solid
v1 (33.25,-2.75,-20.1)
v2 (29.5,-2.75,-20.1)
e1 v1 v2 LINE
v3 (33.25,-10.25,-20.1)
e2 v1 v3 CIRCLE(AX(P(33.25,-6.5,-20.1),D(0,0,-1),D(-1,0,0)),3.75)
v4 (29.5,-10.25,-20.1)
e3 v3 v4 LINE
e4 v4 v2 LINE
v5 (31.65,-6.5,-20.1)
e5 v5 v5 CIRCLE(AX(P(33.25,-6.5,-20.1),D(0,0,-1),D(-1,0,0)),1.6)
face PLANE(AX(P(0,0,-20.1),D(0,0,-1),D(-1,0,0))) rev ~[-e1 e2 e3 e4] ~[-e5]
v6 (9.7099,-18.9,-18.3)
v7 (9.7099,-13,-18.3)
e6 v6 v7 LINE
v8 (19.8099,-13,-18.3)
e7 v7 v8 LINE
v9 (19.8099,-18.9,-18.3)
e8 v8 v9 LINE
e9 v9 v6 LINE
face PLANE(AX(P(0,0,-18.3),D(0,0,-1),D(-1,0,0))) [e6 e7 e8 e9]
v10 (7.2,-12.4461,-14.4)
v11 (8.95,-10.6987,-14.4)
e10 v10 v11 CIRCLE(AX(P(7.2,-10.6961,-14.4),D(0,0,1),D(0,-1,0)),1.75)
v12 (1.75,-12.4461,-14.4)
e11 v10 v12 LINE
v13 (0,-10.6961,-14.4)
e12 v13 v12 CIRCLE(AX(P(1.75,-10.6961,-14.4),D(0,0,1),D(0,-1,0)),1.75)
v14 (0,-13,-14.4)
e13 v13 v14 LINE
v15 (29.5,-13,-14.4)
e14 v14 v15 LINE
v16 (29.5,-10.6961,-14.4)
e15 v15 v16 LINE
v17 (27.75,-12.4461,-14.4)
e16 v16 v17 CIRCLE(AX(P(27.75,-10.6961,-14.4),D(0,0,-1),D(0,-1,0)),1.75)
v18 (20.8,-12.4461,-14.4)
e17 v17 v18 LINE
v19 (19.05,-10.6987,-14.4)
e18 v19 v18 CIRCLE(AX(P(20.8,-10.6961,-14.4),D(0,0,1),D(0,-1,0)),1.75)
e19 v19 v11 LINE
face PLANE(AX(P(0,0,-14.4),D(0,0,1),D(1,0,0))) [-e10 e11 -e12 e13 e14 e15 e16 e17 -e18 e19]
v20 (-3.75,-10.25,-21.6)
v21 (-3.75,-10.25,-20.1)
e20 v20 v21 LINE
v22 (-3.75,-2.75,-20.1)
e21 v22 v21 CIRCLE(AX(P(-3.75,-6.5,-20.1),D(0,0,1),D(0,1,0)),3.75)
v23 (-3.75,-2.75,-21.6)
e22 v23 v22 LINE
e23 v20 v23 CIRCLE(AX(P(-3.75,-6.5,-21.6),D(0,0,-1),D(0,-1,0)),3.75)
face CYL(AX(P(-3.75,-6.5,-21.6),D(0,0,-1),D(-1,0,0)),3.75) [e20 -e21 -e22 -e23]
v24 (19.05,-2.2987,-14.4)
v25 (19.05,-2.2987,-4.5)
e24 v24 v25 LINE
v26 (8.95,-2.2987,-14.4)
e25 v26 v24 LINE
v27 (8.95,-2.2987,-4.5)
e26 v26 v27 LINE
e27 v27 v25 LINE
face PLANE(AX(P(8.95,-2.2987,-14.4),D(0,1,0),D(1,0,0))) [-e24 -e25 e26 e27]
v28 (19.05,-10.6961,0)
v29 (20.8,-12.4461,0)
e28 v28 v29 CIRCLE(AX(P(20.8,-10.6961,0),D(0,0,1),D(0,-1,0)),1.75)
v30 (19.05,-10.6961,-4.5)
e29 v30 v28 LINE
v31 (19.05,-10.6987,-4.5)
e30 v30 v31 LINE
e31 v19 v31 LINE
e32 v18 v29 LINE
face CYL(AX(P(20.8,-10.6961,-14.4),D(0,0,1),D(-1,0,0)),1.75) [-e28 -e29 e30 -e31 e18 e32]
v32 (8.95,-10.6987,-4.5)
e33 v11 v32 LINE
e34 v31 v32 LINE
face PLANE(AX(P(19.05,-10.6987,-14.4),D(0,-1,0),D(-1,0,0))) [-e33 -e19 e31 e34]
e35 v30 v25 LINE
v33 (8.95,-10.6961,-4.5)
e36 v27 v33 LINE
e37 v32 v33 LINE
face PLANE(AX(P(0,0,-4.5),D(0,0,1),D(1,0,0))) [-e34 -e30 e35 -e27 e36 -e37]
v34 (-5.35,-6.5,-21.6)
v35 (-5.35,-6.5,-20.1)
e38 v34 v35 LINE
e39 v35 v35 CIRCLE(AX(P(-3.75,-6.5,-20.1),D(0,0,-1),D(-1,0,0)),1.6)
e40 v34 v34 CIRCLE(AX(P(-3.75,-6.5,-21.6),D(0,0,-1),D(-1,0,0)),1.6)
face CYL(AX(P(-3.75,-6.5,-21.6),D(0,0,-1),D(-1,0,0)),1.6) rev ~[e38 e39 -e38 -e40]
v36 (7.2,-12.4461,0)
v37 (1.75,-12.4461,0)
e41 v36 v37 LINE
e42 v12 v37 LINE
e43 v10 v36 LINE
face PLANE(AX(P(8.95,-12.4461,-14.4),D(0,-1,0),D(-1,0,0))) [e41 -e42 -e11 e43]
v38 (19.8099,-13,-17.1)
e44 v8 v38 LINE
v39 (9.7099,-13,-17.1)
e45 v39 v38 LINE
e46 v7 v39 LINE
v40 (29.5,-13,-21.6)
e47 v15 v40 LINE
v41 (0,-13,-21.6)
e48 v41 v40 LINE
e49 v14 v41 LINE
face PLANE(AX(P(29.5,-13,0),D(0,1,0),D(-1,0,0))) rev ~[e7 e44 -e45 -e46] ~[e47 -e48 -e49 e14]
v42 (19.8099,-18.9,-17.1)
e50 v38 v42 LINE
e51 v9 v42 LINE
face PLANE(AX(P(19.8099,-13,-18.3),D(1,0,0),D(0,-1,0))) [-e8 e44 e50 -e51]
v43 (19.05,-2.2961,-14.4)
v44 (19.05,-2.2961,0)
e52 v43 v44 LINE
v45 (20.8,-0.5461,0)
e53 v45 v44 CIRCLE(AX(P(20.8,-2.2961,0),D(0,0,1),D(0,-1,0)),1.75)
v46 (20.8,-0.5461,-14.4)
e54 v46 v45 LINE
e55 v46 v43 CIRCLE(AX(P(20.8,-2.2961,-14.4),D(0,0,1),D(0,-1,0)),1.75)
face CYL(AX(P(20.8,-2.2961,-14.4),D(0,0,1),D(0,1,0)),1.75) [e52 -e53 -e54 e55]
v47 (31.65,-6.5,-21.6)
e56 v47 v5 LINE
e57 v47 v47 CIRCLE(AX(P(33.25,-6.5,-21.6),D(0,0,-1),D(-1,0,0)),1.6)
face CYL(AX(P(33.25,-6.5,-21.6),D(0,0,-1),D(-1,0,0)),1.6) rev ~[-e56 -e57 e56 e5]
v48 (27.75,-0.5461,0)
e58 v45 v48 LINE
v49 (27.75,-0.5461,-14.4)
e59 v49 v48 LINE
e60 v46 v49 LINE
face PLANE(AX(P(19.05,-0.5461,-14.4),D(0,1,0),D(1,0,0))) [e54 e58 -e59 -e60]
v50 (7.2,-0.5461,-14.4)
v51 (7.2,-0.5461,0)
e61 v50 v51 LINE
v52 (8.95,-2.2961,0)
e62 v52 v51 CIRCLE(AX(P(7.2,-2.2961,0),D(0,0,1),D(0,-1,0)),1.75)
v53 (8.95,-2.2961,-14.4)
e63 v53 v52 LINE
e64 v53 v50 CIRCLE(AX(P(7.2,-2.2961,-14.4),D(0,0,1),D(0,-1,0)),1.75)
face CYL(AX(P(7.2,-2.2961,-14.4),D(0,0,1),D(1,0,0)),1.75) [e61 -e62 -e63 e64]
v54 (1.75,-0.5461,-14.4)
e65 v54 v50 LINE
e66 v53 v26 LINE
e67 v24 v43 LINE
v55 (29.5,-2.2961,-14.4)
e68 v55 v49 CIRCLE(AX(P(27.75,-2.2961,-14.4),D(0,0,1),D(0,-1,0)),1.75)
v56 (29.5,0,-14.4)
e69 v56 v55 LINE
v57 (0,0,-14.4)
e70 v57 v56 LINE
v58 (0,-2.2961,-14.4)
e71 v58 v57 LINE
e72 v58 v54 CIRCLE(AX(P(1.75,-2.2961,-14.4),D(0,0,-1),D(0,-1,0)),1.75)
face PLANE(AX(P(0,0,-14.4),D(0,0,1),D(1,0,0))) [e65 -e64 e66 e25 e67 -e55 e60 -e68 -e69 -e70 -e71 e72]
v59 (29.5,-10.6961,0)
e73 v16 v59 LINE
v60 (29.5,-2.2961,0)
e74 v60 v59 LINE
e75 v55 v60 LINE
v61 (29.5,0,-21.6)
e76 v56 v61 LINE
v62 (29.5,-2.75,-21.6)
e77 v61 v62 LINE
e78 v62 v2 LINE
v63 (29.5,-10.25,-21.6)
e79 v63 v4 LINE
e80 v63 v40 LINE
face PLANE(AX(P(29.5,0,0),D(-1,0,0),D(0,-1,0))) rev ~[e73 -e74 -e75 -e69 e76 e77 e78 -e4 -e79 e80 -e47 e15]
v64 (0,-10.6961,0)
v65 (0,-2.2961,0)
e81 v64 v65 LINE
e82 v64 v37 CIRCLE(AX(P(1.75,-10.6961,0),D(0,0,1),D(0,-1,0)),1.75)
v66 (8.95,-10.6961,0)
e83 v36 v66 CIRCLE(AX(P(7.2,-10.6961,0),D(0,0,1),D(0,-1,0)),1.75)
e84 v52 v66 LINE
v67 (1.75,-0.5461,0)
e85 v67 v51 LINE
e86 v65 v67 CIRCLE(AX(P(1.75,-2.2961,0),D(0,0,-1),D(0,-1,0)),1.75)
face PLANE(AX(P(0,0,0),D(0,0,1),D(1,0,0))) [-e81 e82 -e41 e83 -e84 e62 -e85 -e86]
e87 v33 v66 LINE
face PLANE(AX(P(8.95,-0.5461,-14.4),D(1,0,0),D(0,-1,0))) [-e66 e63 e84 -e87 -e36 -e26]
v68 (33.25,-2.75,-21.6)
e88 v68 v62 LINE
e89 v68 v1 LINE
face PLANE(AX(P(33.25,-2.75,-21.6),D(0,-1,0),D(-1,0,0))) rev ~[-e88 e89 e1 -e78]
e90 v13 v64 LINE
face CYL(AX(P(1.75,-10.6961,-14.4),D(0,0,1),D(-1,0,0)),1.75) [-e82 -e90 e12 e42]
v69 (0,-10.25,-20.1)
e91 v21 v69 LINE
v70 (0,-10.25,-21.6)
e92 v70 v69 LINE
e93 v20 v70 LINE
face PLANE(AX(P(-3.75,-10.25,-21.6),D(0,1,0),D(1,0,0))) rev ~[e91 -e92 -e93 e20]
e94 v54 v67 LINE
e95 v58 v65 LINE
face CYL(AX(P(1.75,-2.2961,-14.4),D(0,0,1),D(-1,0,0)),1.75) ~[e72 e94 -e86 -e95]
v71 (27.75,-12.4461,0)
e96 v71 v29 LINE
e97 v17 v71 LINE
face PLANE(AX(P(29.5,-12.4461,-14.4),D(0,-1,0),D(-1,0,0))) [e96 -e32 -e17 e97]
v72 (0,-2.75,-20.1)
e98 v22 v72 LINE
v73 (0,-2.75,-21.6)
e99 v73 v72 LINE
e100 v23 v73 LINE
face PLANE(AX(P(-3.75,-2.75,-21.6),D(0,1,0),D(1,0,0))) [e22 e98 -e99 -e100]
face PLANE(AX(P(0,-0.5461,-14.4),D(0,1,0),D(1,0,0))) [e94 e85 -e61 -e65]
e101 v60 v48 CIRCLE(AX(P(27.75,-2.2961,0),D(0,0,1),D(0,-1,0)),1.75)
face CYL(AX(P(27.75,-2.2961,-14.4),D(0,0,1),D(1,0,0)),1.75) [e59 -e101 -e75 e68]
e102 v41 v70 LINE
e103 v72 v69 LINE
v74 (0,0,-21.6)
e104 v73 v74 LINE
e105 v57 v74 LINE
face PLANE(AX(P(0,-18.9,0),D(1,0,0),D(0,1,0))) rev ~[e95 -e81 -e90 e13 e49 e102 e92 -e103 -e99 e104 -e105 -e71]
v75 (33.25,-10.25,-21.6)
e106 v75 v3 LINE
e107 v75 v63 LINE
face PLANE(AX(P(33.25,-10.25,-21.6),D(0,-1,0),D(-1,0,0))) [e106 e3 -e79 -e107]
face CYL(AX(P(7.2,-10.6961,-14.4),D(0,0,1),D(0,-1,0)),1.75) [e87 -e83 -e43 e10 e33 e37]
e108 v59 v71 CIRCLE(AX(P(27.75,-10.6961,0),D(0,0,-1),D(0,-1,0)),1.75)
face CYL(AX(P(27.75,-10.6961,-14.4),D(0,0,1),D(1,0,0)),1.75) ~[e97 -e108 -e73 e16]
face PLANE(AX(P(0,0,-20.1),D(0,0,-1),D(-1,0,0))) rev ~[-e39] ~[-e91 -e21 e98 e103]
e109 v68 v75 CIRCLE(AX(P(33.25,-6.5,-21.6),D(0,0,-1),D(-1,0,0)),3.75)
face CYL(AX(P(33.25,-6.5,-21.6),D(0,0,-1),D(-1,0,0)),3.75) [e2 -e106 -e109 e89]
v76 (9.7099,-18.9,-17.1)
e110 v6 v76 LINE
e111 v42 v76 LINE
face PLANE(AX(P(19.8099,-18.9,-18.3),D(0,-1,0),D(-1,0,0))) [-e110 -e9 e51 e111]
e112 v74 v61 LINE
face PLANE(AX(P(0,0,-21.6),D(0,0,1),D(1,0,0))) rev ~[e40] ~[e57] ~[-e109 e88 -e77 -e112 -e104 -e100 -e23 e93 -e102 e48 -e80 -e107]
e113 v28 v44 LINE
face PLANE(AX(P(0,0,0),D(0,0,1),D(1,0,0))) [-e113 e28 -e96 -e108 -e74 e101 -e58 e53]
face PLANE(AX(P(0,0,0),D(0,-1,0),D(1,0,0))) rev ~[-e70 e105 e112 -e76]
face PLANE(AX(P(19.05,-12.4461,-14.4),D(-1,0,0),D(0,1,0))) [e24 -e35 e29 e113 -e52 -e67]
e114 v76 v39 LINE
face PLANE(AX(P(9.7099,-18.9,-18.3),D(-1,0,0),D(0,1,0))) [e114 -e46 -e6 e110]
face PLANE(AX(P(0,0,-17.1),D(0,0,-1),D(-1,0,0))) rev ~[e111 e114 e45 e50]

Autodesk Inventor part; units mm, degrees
ref_plane "YZ Plane" through (0, 0, 0) normal (1, 0, 0) x (0, 1, 0)
ref_plane "XZ Plane" through (0, 0, 0) normal (0, 1, 0) x (-1, 0, 0)
sketch "Sketch1" plane through (0, 0, 0) normal (0, 0, 1) x (1, 0, 0)
  line L0 (0, 0) -> (29.5, 0)
  line L1 (29.5, 0) -> (29.5, -18.9)
  line L2 (29.5, -18.9) -> (0, -18.9)
  line L3 (0, -18.9) -> (0, 0)
  dimension "d0" = 29.5
  dimension "d1" = 18.9
extrude "Extrusion1" add sketch "Sketch1" against normal blind 21.6
sketch "Sketch2" plane through (0, 0, 0) normal (0, 0, 1) x (1, 0, 0)
  line L0 (0, 0) -> (29.5, 0) projected
  line L1 (29.5, -18.9) -> (0, -18.9) projected
  line L2 (0, -18.9) -> (0, 0) projected
  line L3 (0, 0) -> (29.5, 0)
  line L4 (29.5, 0) -> (29.5, -13)
  line L5 (29.5, -13) -> (0, -13)
  line L6 (0, -13) -> (0, 0)
  line L7 (9.7099, -18.9) -> (19.8099, -18.9)
  line L8 (19.8099, -18.9) -> (19.8099, -13)
  line L9 (19.8099, -13) -> (9.7099, -13)
  line L10 (9.7099, -13) -> (9.7099, -18.9)
  line L11 (29.5, 0) -> (29.5, -18.9) projected
  dimension "d6" = 13
  dimension "d11" = 10.1
  dimension "d39" = 9.6901
extrude "Extrusion2" cut sketch "Sketch2" against normal blind 21.6 contours L5 L10 L1 L2 | L11 L1 L8 L5
sketch "Sketch4" plane through (0, 0, 0) normal (0, 0, 1) x (1, 0, 0)
  line L0 (9.7099, -13) -> (9.7099, -18.9) projected
  line L1 (29.5, -18.9) -> (0, -18.9) projected
  line L2 (19.8099, -18.9) -> (19.8099, -13) projected
  line L3 (19.8099, -13) -> (29.5, -13) projected
  line L4 (29.5, 0) -> (29.5, -18.9) projected
  line L5 (0, 0) -> (29.5, 0) projected
  line L6 (0, -18.9) -> (0, 0) projected
  line L7 (0, -13) -> (9.7099, -13) projected
extrude "Extrusion3" cut sketch "Sketch4" against normal blind 14.4 contours L7 L6 L5 L4 L3 L2 L1 L0
sketch "Sketch5" plane through (0, 0, -14.4) normal (0, 0, 1) x (1, 0, 0)
  line L0 (29.5, 0) -> (29.5, -13) projected
  line L1 (0, 0) -> (29.5, 0) projected
  line L2 (0, -13) -> (0, 0) projected
  line L3 (0, -0.5461) -> (8.95, -0.5461)
  line L4 (8.95, -0.5461) -> (8.95, -12.4461)
  line L5 (8.95, -12.4461) -> (0, -12.4461)
  line L6 (0, -12.4461) -> (0, -0.5461)
  line L7 (19.05, -0.5461) -> (29.5, -0.5461)
  line L8 (29.5, -0.5461) -> (29.5, -12.4461)
  line L9 (29.5, -12.4461) -> (19.05, -12.4461)
  line L10 (19.05, -12.4461) -> (19.05, -0.5461)
  point P0 (33.25, -13)
  dimension "d22" = 8.95
  dimension "d23" = 10.45
  dimension "d24" = 11.9
  dimension "d25" = 11.9
  dimension "d26" = 0.5461
  dimension "d27" = 0.5461
extrude "Extrusion4" add sketch "Sketch5" along normal blind 14.4
fillet "Fillet1" radius 1.75 8 edges at (8.95, -0.5461, -7.2) (8.95, -12.4461, -7.2) (0, -0.5461, -7.2) (29.5, -0.5461, -7.2) (19.05, -0.5461, -7.2) (29.5, -12.4461, -7.2) (0, -12.4461, -7.2) (19.05, -12.4461, -7.2)
sketch "Sketch6" plane through (0, 0, -14.4) normal (0, 0, 1) x (1, 0, 0)
  line L0 (19.05, -10.6961) -> (19.05, -2.2961) projected
  line L1 (0, 0) -> (29.5, 0) projected
  line L2 (8.95, -2.2961) -> (8.95, -10.6961) projected
  line L3 (8.95, -2.2987) -> (19.05, -2.2987)
  line L4 (19.05, -2.2987) -> (19.05, -10.6987)
  line L5 (19.05, -10.6987) -> (8.95, -10.6987)
  line L6 (8.95, -10.6987) -> (8.95, -2.2987)
  dimension "d31" = 8.4
  dimension "d32" = 2.2987
extrude "Extrusion5" add sketch "Sketch6" along normal blind 9.9
sketch "Sketch8" plane through (0, 0, -21.6) normal (0, 0, -1) x (-1, 0, 0)
  line L0 (-9.7099, -18.9) -> (-9.7099, -13) projected
  line L1 (-9.7099, -13) -> (0, -13) projected
  line L2 (0, -13) -> (0, 0) projected
  line L3 (0, 0) -> (-29.5, 0) projected
  line L4 (-29.5, 0) -> (-29.5, -13) projected
  line L5 (-29.5, -13) -> (-19.8099, -13) projected
  line L6 (-19.8099, -13) -> (-19.8099, -18.9) projected
  line L7 (-19.8099, -18.9) -> (-9.7099, -18.9) projected
  circle A0 centre (-33.25, -6.5) radius 3.75
  circle A1 centre (-33.25, -6.5) radius 1.6
  circle A2 centre (3.75, -6.5) radius 3.75
  circle A3 centre (3.75, -6.5) radius 1.6
  line L8 (-33.25, -2.75) -> (-29.5, -2.75)
  line L9 (-33.25, -10.25) -> (-29.5, -10.25)
  line L10 (3.75, -10.25) -> (0, -10.25)
  line L11 (3.75, -2.75) -> (0, -2.75)
  dimension "d40" = 37
  dimension "d41" = 7.5
  dimension "d42" = 3.2
  dimension "d43" = 7.5
  dimension "d44" = 3.2
  dimension "d46" = 29.5
extrude "Extrusion6" add sketch "Sketch8" against normal blind 1.5 contours L2 A2 L10 | L2 L11 A2 | A2 | L9 A0 L4 | A0 L8 L4 | A0
sketch "Sketch10" plane through (0, 0, -14.4) normal (0, 0, 1) x (1, 0, 0)
  line L0 (9.7099, -18.9) -> (9.7099, -13) projected
  line L1 (9.7099, -13) -> (19.8099, -13)
  line L2 (19.8099, -13) -> (19.8099, -18.9)
  line L3 (19.8099, -18.9) -> (9.7099, -18.9)
  line L4 (9.7099, -18.9) -> (9.7099, -13)
  point P0 (0, 0)
extrude "Extrusion7" cut sketch "Sketch10" against normal blind 6
ref_plane "Work Plane5" through (0, 0, -18.3) normal (0, 0, -1) x (-1, 0, 0)
sketch "Sketch11" plane through (0, 0, -18.3) normal (0, 0, -1) x (-1, 0, 0)
  line L0 (-19.8099, -18.9) -> (-9.7099, -18.9) projected
  line L1 (-9.7099, -13) -> (-19.8099, -13)
  line L2 (-19.8099, -13) -> (-19.8099, -18.9)
  line L3 (-19.8099, -18.9) -> (-9.7099, -18.9)
  line L4 (-9.7099, -18.9) -> (-9.7099, -13)
  point P0 (0, 0)
extrude "Extrusion8" add sketch "Sketch11" against normal blind 1.2
sketch "Sketch12" plane through (0, 0, -20.4) normal (0, 0, 1) x (1, 0, 0)
  line L0 (9.7099, -13) -> (0, -13) projected
  line L1 (19.8099, -13) -> (19.8099, -18.9) projected
  line L2 (9.7099, -13) -> (19.8099, -13)
  line L3 (19.8099, -13) -> (19.8099, -18.9)
  line L4 (19.8099, -18.9) -> (9.7099, -18.9)
  line L5 (9.7099, -18.9) -> (9.7099, -13)
  point P0 (0, 0)
extrude "Extrusion9" cut sketch "Sketch12" against normal blind 1.2
properties part number "Sharp 2Y0A02"
